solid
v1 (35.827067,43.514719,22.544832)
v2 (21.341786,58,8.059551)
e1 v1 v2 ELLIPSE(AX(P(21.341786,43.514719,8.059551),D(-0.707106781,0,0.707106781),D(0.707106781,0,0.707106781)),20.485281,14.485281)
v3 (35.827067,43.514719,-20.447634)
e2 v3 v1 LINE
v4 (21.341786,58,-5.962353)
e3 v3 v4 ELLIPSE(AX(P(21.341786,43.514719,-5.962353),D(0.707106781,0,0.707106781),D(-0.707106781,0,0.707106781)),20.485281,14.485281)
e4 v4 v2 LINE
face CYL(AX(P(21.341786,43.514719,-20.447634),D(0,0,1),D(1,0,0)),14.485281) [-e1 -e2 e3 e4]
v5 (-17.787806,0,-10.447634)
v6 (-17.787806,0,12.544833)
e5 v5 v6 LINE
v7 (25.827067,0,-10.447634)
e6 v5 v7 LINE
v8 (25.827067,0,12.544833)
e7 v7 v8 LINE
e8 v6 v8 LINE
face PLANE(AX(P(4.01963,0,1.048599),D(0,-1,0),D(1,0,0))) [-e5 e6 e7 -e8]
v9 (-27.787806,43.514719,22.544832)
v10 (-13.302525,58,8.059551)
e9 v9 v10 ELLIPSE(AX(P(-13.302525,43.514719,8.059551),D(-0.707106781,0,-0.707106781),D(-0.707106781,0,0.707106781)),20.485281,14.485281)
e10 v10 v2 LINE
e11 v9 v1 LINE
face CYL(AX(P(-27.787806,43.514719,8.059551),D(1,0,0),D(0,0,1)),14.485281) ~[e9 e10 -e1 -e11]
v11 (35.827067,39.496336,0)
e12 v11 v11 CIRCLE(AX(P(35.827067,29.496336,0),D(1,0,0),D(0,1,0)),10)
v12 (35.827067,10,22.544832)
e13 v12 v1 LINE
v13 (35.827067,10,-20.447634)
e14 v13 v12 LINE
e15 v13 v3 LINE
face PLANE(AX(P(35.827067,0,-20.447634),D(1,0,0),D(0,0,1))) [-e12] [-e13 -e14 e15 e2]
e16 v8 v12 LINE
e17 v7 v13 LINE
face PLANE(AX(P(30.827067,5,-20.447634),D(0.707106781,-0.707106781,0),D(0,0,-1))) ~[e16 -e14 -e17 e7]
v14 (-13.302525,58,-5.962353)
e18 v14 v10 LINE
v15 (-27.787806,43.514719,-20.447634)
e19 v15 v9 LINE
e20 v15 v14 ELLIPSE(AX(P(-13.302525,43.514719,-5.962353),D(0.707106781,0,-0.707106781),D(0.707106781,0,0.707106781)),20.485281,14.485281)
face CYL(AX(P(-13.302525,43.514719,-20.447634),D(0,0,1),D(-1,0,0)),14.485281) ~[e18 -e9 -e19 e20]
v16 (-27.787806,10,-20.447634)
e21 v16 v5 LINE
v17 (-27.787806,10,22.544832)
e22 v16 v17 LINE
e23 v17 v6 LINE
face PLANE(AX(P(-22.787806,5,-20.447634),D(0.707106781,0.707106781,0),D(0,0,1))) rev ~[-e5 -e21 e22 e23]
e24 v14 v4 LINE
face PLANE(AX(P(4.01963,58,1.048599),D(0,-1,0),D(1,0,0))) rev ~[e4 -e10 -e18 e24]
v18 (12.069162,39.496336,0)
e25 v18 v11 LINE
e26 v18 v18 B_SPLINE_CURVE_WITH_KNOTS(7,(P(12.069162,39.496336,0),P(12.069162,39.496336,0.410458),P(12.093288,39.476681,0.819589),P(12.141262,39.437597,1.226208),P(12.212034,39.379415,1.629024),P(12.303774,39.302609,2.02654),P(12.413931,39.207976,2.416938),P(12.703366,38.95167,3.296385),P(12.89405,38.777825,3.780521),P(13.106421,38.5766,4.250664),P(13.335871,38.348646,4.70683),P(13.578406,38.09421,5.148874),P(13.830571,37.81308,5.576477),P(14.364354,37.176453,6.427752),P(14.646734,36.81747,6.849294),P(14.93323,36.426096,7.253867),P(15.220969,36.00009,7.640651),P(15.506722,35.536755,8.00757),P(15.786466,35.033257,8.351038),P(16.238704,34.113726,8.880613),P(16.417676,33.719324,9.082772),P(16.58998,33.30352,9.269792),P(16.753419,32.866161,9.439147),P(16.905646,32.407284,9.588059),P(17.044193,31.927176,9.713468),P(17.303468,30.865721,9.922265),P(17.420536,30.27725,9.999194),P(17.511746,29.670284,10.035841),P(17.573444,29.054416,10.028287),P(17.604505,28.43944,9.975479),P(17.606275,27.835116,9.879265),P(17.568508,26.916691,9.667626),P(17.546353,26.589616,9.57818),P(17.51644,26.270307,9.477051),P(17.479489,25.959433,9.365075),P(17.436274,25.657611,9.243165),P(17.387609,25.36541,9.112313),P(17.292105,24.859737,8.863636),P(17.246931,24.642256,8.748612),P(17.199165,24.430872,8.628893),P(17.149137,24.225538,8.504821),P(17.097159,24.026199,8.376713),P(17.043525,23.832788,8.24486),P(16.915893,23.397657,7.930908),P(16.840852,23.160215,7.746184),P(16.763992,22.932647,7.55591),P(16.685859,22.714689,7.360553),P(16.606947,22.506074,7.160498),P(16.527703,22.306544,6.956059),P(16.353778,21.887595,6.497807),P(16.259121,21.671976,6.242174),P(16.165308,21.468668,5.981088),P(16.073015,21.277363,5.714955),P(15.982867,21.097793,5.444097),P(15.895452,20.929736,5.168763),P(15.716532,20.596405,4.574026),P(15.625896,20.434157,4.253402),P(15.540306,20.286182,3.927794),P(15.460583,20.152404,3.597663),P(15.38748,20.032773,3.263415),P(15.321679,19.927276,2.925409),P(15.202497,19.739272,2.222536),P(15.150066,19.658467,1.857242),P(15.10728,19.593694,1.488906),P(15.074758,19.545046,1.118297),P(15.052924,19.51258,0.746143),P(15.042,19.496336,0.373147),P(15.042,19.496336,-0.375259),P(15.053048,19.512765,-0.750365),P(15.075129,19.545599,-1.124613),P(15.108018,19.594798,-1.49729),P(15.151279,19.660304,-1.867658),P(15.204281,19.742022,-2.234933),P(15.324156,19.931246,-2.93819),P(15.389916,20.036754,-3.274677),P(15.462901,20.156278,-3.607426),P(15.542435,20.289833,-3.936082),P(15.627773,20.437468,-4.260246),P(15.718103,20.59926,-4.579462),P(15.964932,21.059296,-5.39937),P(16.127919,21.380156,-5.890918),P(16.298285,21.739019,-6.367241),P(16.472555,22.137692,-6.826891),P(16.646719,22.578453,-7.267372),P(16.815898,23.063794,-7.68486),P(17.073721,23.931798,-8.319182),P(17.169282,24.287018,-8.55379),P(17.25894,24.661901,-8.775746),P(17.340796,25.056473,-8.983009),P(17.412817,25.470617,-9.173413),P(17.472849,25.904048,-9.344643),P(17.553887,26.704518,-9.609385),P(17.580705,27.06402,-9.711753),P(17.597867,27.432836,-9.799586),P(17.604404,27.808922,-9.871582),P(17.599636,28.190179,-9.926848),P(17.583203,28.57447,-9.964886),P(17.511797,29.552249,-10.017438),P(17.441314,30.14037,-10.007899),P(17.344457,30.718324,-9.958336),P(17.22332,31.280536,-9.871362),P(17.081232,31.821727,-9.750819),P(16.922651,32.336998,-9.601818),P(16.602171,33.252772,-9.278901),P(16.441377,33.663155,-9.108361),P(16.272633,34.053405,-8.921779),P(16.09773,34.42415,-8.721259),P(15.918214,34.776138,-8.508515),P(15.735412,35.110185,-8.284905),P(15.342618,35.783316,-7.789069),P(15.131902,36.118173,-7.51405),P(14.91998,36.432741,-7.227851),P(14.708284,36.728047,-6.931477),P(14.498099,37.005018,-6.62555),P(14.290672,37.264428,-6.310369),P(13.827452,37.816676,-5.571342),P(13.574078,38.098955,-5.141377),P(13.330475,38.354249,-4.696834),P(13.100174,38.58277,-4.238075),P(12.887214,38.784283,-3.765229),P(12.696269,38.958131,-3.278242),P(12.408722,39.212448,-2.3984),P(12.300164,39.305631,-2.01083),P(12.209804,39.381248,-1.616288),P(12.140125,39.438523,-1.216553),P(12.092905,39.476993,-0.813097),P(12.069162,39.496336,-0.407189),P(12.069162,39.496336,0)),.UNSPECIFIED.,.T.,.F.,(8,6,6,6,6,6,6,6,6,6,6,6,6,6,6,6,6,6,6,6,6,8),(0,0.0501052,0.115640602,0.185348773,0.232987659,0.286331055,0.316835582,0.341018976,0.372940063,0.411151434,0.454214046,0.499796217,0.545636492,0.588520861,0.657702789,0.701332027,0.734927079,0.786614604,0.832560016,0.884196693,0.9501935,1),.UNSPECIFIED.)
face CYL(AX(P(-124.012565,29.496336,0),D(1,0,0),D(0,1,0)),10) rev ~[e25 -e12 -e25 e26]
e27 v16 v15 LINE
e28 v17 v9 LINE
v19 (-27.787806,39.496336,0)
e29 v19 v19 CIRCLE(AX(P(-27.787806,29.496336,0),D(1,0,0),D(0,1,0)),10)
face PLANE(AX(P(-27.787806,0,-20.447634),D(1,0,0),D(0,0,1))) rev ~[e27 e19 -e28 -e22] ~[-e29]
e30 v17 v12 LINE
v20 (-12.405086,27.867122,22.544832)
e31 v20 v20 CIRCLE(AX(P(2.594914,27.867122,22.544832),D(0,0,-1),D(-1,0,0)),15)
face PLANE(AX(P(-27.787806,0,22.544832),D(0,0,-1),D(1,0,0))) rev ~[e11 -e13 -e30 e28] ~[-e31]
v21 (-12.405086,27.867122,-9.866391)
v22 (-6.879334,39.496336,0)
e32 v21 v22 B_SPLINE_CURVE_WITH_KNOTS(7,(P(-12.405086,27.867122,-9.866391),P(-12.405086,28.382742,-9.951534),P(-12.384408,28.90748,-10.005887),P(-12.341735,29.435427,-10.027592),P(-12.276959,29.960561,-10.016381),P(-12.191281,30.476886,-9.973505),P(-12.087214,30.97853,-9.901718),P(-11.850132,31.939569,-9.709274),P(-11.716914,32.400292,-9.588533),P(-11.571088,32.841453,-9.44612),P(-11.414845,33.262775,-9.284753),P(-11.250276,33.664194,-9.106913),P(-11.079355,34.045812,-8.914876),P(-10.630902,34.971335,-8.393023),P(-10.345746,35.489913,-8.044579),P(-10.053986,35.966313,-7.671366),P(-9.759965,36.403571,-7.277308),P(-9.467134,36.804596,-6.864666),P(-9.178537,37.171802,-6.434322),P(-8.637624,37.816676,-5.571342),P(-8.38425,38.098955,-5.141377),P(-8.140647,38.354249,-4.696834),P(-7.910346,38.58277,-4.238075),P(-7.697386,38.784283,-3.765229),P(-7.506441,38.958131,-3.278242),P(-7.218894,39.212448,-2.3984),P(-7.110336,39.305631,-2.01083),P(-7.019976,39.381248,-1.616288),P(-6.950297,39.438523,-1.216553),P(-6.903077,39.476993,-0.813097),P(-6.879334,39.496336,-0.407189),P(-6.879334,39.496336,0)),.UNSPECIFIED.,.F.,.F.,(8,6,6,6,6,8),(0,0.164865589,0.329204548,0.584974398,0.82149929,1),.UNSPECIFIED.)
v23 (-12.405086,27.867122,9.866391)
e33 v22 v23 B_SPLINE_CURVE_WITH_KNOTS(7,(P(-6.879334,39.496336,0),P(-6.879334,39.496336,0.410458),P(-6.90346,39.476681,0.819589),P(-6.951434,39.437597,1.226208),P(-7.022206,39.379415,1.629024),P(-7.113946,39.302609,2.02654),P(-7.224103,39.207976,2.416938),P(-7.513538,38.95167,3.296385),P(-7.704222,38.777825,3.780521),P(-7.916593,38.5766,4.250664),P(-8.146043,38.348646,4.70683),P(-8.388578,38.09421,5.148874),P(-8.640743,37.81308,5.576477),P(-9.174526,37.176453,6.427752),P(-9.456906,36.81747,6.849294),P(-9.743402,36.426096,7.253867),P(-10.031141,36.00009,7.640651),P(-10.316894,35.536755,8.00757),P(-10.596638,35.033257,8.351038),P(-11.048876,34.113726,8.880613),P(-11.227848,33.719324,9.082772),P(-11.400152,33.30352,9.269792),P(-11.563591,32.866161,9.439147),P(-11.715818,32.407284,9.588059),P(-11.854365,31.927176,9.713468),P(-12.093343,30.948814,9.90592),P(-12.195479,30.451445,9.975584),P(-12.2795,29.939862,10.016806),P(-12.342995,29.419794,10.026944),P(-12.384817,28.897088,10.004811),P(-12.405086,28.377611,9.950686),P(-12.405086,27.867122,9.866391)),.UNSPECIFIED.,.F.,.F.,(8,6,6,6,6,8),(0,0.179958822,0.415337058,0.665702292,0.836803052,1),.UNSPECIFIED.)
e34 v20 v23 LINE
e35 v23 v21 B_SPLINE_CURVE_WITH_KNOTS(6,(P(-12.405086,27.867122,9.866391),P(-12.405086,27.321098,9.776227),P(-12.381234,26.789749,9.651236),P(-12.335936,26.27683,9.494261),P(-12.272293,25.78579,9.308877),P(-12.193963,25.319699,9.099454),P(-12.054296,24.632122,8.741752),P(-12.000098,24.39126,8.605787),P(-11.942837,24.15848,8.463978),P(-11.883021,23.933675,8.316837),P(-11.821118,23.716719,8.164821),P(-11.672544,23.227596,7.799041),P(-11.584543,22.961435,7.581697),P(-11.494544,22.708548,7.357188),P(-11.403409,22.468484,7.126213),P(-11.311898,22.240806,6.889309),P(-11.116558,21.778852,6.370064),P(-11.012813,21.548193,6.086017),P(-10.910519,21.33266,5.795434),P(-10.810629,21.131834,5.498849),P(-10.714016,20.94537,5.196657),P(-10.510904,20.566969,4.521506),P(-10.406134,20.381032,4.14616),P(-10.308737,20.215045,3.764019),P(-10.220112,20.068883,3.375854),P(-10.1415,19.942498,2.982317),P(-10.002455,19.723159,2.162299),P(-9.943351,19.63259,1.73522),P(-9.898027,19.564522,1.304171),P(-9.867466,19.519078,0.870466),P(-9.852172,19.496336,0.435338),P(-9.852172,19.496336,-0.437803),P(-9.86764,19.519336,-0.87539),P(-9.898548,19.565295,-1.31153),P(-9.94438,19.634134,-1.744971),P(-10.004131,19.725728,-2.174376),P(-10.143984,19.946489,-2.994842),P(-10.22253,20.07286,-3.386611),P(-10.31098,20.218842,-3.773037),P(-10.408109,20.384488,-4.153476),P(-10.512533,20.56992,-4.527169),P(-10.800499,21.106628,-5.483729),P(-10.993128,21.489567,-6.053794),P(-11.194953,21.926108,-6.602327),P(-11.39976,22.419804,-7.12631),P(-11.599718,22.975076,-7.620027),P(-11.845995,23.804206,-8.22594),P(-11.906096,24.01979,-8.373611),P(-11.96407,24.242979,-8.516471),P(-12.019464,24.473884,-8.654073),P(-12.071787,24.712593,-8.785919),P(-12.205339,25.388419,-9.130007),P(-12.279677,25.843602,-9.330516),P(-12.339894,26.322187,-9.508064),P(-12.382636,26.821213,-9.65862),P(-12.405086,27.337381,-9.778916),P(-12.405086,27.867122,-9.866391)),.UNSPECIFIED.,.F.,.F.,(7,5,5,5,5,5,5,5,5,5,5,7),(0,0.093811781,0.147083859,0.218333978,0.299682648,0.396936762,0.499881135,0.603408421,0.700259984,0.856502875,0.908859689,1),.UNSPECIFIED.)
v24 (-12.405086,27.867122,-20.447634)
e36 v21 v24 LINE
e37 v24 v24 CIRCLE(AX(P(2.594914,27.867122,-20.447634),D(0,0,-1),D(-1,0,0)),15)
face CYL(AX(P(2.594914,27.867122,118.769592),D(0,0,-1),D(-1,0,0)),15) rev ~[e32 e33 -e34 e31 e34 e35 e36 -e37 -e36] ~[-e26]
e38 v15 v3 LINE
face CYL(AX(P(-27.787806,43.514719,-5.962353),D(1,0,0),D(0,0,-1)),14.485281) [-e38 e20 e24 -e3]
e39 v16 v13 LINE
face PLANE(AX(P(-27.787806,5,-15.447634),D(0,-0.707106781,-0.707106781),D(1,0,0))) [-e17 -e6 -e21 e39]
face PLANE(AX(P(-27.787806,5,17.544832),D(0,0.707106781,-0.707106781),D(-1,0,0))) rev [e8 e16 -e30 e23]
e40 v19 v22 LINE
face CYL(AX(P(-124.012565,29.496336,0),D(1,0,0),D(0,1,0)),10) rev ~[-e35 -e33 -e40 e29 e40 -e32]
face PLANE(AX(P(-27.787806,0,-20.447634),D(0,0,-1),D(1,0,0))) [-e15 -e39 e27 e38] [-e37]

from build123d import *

# Parameters (mm, degrees)
F1_W     = 63.614873
F1_H     = 42.992467
F2_DEPTH = 58
F3_R     = 14.485281
F4_SIZE  = 10
F6_D     = 30
F8_D     = 20


with BuildPart() as f2:
    # F1 (on face) → F2 (new body)
    with BuildSketch(Plane.XZ):
        with Locations((4.01963, 1.048599)):
            Rectangle(F1_W, F1_H)
    extrude(amount=-F2_DEPTH)

    # F3
    f3_edges = [f2.edges().sort_by_distance(p)[0] for p in [
        (-27.787806, 58, 1.048599),
        (4.01963, 58, 22.544833),
        (35.827067, 58, 1.048599),
        (4.01963, 58, -20.447634),
    ]]
    fillet(f3_edges, radius=F3_R)

    # F4
    f4_edges = [f2.edges().sort_by_distance(p)[0] for p in [
        (35.827067, 0, 1.048599),
        (4.01963, 0, -20.447634),
        (-27.787806, 0, 1.048599),
        (4.01963, 0, 22.544833),
    ]]
    chamfer(f4_edges, length=F4_SIZE)

    # F6 (through all)
    with Locations(Plane.XY.offset(22.544833)):
        with Locations((2.594914, 27.867122)):
            Hole(F6_D / 2)

    # F8 (through all)
    with Locations(Plane(origin=(-27.787806, 0, 0), x_dir=(0, -1, 0), z_dir=(-1, 0, 0))):
        with Locations((-29.496336, 0)):
            Hole(F8_D / 2)


solid = f2.part
